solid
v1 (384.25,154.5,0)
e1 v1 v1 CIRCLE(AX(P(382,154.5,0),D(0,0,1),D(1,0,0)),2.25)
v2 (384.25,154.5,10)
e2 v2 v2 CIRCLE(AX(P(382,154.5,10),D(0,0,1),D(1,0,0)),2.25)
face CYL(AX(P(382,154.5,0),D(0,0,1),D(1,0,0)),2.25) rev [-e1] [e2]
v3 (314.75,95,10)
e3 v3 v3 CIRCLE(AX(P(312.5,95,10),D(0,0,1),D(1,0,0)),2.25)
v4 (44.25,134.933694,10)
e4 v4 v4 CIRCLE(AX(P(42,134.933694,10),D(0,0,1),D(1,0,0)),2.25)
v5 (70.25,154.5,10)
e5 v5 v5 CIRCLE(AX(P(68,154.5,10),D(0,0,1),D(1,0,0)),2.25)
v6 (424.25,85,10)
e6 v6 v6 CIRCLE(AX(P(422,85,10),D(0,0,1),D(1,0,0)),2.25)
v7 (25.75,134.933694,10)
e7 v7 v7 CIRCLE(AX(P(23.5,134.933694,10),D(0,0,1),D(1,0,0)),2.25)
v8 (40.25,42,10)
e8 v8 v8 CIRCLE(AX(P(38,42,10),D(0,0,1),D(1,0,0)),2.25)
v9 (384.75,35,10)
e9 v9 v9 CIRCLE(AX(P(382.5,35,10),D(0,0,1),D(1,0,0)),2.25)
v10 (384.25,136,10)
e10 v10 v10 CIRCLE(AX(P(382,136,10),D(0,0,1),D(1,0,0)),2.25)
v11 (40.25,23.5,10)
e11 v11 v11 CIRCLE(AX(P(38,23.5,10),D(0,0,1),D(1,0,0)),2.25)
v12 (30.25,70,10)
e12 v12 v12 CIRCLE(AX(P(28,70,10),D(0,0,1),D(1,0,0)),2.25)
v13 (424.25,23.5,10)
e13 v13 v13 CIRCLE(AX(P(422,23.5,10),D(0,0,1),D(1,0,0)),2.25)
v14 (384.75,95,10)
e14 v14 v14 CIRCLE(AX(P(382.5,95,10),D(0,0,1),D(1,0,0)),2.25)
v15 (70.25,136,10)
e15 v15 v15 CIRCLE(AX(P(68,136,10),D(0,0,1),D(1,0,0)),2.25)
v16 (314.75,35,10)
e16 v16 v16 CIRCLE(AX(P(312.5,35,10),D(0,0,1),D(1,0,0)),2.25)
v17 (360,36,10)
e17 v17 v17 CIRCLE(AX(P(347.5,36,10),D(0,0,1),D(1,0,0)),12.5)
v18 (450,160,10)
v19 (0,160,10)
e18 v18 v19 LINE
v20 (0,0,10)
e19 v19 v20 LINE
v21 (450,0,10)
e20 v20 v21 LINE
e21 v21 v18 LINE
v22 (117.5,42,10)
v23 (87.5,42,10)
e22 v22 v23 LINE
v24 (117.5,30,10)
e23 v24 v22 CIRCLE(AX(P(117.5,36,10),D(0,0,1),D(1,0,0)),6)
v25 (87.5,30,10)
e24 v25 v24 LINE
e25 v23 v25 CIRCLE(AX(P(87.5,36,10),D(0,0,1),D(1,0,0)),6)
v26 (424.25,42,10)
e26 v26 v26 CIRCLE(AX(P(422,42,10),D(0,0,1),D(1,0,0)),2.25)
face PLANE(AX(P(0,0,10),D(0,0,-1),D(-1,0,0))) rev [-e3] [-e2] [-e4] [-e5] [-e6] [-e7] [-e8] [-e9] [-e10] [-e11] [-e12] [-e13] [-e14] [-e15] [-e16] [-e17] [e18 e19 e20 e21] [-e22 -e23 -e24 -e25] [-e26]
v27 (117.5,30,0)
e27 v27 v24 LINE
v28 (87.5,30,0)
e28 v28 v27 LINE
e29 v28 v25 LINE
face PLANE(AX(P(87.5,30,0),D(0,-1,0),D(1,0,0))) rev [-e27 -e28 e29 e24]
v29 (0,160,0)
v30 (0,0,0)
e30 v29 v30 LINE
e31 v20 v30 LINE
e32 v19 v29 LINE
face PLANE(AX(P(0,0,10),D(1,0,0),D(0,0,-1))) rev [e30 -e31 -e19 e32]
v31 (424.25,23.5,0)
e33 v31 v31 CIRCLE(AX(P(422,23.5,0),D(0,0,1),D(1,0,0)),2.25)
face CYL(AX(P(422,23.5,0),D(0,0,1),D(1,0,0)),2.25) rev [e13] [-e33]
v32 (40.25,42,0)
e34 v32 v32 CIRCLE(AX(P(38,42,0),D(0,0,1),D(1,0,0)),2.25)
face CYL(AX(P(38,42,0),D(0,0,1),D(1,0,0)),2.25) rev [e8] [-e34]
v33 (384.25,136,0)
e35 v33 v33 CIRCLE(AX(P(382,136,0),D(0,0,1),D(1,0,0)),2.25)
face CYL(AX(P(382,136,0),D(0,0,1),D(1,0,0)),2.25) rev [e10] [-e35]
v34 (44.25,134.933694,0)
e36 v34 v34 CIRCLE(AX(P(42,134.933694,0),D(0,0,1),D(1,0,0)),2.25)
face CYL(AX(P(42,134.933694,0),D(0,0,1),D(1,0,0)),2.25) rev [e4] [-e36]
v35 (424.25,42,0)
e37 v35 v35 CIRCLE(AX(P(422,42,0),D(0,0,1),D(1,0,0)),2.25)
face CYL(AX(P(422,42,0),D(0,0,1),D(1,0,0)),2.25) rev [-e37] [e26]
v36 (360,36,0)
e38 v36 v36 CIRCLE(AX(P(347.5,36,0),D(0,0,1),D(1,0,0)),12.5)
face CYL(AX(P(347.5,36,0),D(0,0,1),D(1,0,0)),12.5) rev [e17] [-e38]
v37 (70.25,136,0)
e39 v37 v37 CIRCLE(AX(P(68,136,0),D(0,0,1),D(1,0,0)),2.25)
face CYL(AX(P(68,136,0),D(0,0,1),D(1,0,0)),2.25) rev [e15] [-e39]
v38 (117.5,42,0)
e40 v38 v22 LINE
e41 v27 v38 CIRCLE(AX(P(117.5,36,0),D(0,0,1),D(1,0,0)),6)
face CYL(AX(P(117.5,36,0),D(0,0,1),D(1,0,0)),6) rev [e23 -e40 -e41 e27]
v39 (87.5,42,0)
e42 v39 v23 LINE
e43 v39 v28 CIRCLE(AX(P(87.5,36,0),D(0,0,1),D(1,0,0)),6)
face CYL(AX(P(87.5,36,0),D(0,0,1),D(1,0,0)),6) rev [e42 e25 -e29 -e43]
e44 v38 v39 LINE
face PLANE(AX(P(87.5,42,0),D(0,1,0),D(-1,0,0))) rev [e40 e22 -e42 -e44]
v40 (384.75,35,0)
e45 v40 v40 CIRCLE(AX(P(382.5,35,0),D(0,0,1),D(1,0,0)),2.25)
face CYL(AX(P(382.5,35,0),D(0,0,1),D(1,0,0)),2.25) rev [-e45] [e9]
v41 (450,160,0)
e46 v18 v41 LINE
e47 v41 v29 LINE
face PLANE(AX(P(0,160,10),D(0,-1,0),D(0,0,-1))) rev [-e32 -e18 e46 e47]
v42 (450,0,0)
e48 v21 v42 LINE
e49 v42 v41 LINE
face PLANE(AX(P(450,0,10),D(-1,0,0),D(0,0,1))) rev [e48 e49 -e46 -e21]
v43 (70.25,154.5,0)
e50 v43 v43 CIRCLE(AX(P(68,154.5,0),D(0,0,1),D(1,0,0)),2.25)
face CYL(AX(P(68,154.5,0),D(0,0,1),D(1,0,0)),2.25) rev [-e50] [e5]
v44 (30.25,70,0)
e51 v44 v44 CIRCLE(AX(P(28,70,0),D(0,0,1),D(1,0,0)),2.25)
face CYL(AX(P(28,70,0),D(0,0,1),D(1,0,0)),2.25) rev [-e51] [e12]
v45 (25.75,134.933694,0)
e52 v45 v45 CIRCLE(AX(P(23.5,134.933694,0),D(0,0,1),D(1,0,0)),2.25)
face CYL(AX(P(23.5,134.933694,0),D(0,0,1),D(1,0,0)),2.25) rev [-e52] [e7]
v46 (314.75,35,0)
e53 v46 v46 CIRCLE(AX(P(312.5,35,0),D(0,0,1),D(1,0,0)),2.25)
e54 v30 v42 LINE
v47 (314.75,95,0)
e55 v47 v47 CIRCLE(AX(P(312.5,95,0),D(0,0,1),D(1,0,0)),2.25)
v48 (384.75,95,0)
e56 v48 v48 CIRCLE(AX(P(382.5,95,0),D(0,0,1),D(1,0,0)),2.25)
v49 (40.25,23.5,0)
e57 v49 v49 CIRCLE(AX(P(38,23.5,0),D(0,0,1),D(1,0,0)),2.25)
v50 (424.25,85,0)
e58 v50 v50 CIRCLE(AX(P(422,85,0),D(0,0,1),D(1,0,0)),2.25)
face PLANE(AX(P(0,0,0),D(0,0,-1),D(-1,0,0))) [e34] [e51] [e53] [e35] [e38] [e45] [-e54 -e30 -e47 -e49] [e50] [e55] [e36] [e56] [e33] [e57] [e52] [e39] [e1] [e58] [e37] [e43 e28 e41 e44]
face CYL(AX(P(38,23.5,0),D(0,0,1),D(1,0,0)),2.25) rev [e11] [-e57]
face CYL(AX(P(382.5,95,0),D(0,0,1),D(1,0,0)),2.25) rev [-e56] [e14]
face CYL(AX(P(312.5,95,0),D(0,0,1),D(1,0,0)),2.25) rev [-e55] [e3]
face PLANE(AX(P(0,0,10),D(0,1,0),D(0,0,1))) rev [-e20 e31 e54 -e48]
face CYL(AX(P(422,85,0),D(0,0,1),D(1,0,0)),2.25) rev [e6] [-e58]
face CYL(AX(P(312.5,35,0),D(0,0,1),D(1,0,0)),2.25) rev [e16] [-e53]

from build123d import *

# Parameters (mm, degrees)
SCHIZZO1_W                   = 450
SCHIZZO1_H                   = 160
ESTRUSIONE_ESTRUSIONE1_DEPTH = 10
SCHIZZO2_R                   = 12.5
SCHIZZO2_R_2                 = 2.25
TAGLIO_ESTRUSIONE1_DEPTH     = 10


with BuildPart() as part:
    # Schizzo1 → Estrusione-Estrusione1 (new body)
    with BuildSketch(Plane.XY):
        with Locations((225, 80)):
            Rectangle(SCHIZZO1_W, SCHIZZO1_H)
    extrude(amount=ESTRUSIONE_ESTRUSIONE1_DEPTH)

    # Schizzo2 → Taglio-Estrusione1 (cut)
    with BuildSketch(Plane.XY.offset(10)):
        with Locations((347.5, 36)):
            Circle(SCHIZZO2_R)
        with Locations((382, 154.5)):
            Circle(SCHIZZO2_R_2)
        with Locations((382, 136)):
            Circle(SCHIZZO2_R_2)
        with Locations((68, 154.5)):
            Circle(SCHIZZO2_R_2)
        with Locations((68, 136)):
            Circle(SCHIZZO2_R_2)
        with Locations((38, 42)):
            Circle(SCHIZZO2_R_2)
        with Locations((38, 23.5)):
            Circle(SCHIZZO2_R_2)
        with Locations((422, 23.5)):
            Circle(SCHIZZO2_R_2)
        with Locations((422, 42)):
            Circle(SCHIZZO2_R_2)
        with Locations((23.5, 134.933694222)):
            Circle(SCHIZZO2_R_2)
        with Locations((42, 134.933694222)):
            Circle(SCHIZZO2_R_2)
        with Locations((28, 70)):
            Circle(SCHIZZO2_R_2)
        with Locations((422, 85)):
            Circle(SCHIZZO2_R_2)
        with Locations((312.5, 95)):
            Circle(SCHIZZO2_R_2)
        with Locations((382.5, 95)):
            Circle(SCHIZZO2_R_2)
        with Locations((382.5, 35)):
            Circle(SCHIZZO2_R_2)
        with Locations((312.5, 35)):
            Circle(SCHIZZO2_R_2)
        with BuildLine():
            Line((87.5, 42), (117.5, 42))
            ThreePointArc((117.5, 42), (123.5, 36), (117.5, 30))
            Line((117.5, 30), (87.5, 30))
            ThreePointArc((87.5, 30), (81.5, 36), (87.5, 42))
        make_face()
    extrude(amount=-TAGLIO_ESTRUSIONE1_DEPTH, mode=Mode.SUBTRACT)


solid = part.part
